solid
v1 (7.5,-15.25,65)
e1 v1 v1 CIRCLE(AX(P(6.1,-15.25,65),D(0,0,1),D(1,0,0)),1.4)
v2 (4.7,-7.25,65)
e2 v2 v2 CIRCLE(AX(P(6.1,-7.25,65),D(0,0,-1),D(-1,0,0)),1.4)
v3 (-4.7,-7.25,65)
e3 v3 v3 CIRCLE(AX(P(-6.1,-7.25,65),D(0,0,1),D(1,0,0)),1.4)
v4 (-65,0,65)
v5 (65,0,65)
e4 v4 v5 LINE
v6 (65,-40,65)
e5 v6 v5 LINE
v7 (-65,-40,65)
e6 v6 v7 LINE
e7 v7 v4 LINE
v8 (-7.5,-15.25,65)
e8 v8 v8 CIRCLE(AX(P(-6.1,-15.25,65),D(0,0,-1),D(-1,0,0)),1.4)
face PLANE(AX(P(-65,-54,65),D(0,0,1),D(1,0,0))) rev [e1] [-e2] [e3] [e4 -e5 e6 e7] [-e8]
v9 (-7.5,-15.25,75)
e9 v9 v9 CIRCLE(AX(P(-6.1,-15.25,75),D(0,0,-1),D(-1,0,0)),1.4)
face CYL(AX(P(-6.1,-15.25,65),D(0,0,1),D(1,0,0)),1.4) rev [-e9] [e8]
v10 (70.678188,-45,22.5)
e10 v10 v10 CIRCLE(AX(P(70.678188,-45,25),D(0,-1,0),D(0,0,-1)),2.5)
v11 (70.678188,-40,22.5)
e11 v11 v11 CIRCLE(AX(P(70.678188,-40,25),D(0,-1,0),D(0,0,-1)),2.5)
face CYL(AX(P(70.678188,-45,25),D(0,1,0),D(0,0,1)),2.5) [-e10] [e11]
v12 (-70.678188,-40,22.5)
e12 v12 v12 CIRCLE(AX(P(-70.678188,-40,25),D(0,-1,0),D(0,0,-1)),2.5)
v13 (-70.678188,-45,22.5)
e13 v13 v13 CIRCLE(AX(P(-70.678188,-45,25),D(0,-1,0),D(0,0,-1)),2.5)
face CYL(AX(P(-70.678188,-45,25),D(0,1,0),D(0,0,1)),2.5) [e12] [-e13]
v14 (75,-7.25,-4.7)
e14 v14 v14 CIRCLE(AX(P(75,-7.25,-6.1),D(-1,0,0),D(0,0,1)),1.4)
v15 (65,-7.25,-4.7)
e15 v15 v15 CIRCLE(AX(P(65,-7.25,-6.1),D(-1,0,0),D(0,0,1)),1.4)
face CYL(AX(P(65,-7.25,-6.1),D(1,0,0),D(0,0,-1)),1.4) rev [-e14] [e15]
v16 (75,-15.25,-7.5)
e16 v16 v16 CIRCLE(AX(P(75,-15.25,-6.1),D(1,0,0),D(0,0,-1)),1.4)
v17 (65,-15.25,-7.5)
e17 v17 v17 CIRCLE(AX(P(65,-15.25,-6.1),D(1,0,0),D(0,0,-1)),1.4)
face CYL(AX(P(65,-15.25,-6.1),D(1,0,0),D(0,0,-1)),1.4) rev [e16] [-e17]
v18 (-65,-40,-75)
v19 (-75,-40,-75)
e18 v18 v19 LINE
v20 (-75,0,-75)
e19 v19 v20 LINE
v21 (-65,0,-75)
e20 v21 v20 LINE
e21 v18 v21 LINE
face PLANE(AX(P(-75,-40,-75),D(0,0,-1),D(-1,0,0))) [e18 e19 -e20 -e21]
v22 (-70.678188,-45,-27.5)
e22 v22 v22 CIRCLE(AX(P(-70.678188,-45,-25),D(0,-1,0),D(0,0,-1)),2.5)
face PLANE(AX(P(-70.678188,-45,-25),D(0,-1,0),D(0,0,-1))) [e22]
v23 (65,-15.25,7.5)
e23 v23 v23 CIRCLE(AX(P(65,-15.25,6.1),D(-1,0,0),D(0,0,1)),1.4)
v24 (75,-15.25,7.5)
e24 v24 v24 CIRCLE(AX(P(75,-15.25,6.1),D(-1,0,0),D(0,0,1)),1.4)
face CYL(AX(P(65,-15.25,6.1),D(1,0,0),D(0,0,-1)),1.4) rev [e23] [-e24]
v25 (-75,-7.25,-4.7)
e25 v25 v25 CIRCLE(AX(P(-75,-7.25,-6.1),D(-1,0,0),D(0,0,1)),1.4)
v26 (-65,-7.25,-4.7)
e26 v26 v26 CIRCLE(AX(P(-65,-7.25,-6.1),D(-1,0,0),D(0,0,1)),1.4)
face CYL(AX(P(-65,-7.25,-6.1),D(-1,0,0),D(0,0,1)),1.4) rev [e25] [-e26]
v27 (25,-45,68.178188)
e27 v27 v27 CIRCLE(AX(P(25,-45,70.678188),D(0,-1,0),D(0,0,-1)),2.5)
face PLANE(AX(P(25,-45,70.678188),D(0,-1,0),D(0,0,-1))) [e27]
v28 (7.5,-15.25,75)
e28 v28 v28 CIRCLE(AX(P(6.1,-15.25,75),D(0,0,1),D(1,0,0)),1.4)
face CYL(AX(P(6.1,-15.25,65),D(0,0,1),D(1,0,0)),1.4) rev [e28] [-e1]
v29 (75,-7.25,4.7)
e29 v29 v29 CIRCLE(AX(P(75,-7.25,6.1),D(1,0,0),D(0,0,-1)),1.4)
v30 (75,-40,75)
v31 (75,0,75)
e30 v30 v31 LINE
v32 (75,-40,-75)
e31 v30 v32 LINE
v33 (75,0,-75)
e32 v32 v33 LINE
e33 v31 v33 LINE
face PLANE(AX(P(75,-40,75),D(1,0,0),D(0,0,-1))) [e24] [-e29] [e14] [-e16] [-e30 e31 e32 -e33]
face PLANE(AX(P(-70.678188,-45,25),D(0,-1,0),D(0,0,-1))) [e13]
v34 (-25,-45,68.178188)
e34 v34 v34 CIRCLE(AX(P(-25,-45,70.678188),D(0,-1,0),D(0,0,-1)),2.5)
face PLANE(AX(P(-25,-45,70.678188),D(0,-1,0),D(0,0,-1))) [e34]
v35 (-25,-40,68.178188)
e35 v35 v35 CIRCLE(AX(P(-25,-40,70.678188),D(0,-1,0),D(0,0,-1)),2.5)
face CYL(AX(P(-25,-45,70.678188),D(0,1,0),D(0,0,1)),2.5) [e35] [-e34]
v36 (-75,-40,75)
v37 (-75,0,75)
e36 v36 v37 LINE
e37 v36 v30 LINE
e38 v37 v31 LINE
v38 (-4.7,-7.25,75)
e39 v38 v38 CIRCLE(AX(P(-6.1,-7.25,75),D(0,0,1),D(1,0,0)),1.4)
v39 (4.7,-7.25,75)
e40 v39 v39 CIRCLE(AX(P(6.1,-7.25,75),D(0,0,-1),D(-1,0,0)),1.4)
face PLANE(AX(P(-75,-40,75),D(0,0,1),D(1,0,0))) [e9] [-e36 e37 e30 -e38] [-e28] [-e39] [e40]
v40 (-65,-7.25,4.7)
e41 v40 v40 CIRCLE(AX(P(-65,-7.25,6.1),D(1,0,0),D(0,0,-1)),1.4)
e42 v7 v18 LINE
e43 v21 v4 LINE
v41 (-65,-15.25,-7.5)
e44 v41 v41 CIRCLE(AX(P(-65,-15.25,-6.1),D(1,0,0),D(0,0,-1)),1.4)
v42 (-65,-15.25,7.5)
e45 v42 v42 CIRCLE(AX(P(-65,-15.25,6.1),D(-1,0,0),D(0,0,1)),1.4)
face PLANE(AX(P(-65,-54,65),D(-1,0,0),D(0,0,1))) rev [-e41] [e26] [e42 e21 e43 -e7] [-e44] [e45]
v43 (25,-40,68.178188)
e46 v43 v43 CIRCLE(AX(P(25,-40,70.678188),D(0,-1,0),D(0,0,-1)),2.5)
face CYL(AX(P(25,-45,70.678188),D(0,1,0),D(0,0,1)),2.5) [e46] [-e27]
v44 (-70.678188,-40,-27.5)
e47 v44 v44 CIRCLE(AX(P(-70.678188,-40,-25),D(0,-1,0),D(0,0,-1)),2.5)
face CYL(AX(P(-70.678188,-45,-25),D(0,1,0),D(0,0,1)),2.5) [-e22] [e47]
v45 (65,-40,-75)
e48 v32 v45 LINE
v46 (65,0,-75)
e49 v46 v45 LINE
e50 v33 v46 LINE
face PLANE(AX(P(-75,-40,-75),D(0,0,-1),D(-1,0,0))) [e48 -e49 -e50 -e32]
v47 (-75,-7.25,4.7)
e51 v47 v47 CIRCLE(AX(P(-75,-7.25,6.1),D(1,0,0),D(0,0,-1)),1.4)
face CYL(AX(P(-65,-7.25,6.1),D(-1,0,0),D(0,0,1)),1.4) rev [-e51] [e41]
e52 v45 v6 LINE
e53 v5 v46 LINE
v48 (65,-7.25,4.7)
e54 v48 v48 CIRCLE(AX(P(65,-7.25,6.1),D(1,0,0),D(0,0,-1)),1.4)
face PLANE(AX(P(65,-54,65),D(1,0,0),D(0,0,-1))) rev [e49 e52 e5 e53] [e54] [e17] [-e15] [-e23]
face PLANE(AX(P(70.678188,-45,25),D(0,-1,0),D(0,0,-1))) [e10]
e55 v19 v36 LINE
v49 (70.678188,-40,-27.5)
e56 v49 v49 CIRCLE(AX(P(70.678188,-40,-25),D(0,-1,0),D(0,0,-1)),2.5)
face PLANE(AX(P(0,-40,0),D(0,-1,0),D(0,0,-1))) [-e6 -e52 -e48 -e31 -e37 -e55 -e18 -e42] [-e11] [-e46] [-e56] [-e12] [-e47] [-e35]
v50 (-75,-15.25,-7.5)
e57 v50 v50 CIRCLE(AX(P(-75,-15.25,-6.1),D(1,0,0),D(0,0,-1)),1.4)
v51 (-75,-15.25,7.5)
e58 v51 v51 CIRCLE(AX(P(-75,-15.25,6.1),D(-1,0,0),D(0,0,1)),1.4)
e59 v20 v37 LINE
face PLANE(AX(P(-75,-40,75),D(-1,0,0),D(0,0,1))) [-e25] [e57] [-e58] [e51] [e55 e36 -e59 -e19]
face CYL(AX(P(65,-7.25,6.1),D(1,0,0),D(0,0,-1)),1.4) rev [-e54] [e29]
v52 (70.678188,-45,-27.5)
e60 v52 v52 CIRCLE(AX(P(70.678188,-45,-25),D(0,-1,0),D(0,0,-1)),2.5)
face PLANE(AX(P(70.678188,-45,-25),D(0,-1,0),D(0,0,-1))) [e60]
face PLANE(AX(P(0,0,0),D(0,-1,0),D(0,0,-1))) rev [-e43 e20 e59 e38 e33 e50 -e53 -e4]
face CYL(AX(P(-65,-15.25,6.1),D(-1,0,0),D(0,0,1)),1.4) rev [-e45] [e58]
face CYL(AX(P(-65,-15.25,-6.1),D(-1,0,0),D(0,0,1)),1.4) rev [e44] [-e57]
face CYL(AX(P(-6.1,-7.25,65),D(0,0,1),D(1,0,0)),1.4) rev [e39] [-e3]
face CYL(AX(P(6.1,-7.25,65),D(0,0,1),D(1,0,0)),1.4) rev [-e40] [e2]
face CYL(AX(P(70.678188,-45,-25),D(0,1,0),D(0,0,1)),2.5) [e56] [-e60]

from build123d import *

# Parameters (mm, degrees)
SKETCH1_W           = 150
SKETCH1_H           = 150
BOSS_EXTRUDE1_DEPTH = 40
SKETCH2_W           = 130
SKETCH2_H           = 130
CUT_EXTRUDE1_DEPTH  = 54
SKETCH6_R           = 2.5
BOSS_EXTRUDE5_DEPTH = 5
SKETCH9_R           = 1.4
CUT_EXTRUDE4_DEPTH  = 10
CIRPATTERN1_COUNT   = 3
CIRPATTERN1_ANGLE   = 180
SKETCH10_W          = 130
SKETCH10_H          = 96.398295943
CUT_EXTRUDE6_DEPTH  = 46


with BuildPart() as part:
    # Sketch1 → Boss-Extrude1 (new body)
    with BuildSketch(Plane(origin=(0, 0, 0), x_dir=(1, 0, 0), z_dir=(0, 1, 0))):
        Rectangle(SKETCH1_W, SKETCH1_H)
    extrude(amount=-BOSS_EXTRUDE1_DEPTH)

    # Sketch2 → Cut-Extrude1 (cut)
    with BuildSketch(Plane(origin=(0, 0, 0), x_dir=(1, 0, 0), z_dir=(0, 1, 0))):
        Rectangle(SKETCH2_W, SKETCH2_H)
    extrude(amount=-CUT_EXTRUDE1_DEPTH, mode=Mode.SUBTRACT)

    # Sketch6 → Boss-Extrude5 (add)
    with BuildSketch(Plane.XZ.offset(40)):
        with Locations((-70.678187872, -25)):
            Circle(SKETCH6_R)
        with Locations((-70.678187872, 25)):
            Circle(SKETCH6_R)
        with Locations((25, 70.678187872)):
            Circle(SKETCH6_R)
        with Locations((-25, 70.678187872)):
            Circle(SKETCH6_R)
        with Locations((70.678187872, -25)):
            Circle(SKETCH6_R)
        with Locations((70.678187872, 25)):
            Circle(SKETCH6_R)
        with Locations((-25, -70.678187872)):
            Circle(SKETCH6_R)
        with Locations((25, -70.678187872)):
            Circle(SKETCH6_R)
    extrude(amount=BOSS_EXTRUDE5_DEPTH)

    # Sketch9 → Cut-Extrude4 (cut)
    with BuildSketch(Plane.ZY.offset(75)):
        with Locations((-6.1, -7.25)):
            Circle(SKETCH9_R)
        with Locations((6.1, -7.25)):
            Circle(SKETCH9_R)
        with Locations((6.1, -15.25)):
            Circle(SKETCH9_R)
        with Locations((-6.1, -15.25)):
            Circle(SKETCH9_R)
    cut_extrude4 = extrude(amount=-CUT_EXTRUDE4_DEPTH, mode=Mode.SUBTRACT)

    # CirPattern1: Cut-Extrude4 ×3 about axis
    cirpattern1_axis = Axis((0, 0, 0), (0, 1, 0))
    for i in range(1, CIRPATTERN1_COUNT):
        add(cut_extrude4.rotate(cirpattern1_axis, i * CIRPATTERN1_ANGLE / (CIRPATTERN1_COUNT - 1)), mode=Mode.SUBTRACT)

    # Sketch10 → Cut-Extrude6 (cut, through all)
    with BuildSketch(Plane(origin=(0, 0, 0), x_dir=(1, 0, 0), z_dir=(0, 1, 0))):
        with Locations((0, 113.199147972)):
            Rectangle(SKETCH10_W, SKETCH10_H)
    extrude(amount=-CUT_EXTRUDE6_DEPTH, mode=Mode.SUBTRACT)


solid = part.part
